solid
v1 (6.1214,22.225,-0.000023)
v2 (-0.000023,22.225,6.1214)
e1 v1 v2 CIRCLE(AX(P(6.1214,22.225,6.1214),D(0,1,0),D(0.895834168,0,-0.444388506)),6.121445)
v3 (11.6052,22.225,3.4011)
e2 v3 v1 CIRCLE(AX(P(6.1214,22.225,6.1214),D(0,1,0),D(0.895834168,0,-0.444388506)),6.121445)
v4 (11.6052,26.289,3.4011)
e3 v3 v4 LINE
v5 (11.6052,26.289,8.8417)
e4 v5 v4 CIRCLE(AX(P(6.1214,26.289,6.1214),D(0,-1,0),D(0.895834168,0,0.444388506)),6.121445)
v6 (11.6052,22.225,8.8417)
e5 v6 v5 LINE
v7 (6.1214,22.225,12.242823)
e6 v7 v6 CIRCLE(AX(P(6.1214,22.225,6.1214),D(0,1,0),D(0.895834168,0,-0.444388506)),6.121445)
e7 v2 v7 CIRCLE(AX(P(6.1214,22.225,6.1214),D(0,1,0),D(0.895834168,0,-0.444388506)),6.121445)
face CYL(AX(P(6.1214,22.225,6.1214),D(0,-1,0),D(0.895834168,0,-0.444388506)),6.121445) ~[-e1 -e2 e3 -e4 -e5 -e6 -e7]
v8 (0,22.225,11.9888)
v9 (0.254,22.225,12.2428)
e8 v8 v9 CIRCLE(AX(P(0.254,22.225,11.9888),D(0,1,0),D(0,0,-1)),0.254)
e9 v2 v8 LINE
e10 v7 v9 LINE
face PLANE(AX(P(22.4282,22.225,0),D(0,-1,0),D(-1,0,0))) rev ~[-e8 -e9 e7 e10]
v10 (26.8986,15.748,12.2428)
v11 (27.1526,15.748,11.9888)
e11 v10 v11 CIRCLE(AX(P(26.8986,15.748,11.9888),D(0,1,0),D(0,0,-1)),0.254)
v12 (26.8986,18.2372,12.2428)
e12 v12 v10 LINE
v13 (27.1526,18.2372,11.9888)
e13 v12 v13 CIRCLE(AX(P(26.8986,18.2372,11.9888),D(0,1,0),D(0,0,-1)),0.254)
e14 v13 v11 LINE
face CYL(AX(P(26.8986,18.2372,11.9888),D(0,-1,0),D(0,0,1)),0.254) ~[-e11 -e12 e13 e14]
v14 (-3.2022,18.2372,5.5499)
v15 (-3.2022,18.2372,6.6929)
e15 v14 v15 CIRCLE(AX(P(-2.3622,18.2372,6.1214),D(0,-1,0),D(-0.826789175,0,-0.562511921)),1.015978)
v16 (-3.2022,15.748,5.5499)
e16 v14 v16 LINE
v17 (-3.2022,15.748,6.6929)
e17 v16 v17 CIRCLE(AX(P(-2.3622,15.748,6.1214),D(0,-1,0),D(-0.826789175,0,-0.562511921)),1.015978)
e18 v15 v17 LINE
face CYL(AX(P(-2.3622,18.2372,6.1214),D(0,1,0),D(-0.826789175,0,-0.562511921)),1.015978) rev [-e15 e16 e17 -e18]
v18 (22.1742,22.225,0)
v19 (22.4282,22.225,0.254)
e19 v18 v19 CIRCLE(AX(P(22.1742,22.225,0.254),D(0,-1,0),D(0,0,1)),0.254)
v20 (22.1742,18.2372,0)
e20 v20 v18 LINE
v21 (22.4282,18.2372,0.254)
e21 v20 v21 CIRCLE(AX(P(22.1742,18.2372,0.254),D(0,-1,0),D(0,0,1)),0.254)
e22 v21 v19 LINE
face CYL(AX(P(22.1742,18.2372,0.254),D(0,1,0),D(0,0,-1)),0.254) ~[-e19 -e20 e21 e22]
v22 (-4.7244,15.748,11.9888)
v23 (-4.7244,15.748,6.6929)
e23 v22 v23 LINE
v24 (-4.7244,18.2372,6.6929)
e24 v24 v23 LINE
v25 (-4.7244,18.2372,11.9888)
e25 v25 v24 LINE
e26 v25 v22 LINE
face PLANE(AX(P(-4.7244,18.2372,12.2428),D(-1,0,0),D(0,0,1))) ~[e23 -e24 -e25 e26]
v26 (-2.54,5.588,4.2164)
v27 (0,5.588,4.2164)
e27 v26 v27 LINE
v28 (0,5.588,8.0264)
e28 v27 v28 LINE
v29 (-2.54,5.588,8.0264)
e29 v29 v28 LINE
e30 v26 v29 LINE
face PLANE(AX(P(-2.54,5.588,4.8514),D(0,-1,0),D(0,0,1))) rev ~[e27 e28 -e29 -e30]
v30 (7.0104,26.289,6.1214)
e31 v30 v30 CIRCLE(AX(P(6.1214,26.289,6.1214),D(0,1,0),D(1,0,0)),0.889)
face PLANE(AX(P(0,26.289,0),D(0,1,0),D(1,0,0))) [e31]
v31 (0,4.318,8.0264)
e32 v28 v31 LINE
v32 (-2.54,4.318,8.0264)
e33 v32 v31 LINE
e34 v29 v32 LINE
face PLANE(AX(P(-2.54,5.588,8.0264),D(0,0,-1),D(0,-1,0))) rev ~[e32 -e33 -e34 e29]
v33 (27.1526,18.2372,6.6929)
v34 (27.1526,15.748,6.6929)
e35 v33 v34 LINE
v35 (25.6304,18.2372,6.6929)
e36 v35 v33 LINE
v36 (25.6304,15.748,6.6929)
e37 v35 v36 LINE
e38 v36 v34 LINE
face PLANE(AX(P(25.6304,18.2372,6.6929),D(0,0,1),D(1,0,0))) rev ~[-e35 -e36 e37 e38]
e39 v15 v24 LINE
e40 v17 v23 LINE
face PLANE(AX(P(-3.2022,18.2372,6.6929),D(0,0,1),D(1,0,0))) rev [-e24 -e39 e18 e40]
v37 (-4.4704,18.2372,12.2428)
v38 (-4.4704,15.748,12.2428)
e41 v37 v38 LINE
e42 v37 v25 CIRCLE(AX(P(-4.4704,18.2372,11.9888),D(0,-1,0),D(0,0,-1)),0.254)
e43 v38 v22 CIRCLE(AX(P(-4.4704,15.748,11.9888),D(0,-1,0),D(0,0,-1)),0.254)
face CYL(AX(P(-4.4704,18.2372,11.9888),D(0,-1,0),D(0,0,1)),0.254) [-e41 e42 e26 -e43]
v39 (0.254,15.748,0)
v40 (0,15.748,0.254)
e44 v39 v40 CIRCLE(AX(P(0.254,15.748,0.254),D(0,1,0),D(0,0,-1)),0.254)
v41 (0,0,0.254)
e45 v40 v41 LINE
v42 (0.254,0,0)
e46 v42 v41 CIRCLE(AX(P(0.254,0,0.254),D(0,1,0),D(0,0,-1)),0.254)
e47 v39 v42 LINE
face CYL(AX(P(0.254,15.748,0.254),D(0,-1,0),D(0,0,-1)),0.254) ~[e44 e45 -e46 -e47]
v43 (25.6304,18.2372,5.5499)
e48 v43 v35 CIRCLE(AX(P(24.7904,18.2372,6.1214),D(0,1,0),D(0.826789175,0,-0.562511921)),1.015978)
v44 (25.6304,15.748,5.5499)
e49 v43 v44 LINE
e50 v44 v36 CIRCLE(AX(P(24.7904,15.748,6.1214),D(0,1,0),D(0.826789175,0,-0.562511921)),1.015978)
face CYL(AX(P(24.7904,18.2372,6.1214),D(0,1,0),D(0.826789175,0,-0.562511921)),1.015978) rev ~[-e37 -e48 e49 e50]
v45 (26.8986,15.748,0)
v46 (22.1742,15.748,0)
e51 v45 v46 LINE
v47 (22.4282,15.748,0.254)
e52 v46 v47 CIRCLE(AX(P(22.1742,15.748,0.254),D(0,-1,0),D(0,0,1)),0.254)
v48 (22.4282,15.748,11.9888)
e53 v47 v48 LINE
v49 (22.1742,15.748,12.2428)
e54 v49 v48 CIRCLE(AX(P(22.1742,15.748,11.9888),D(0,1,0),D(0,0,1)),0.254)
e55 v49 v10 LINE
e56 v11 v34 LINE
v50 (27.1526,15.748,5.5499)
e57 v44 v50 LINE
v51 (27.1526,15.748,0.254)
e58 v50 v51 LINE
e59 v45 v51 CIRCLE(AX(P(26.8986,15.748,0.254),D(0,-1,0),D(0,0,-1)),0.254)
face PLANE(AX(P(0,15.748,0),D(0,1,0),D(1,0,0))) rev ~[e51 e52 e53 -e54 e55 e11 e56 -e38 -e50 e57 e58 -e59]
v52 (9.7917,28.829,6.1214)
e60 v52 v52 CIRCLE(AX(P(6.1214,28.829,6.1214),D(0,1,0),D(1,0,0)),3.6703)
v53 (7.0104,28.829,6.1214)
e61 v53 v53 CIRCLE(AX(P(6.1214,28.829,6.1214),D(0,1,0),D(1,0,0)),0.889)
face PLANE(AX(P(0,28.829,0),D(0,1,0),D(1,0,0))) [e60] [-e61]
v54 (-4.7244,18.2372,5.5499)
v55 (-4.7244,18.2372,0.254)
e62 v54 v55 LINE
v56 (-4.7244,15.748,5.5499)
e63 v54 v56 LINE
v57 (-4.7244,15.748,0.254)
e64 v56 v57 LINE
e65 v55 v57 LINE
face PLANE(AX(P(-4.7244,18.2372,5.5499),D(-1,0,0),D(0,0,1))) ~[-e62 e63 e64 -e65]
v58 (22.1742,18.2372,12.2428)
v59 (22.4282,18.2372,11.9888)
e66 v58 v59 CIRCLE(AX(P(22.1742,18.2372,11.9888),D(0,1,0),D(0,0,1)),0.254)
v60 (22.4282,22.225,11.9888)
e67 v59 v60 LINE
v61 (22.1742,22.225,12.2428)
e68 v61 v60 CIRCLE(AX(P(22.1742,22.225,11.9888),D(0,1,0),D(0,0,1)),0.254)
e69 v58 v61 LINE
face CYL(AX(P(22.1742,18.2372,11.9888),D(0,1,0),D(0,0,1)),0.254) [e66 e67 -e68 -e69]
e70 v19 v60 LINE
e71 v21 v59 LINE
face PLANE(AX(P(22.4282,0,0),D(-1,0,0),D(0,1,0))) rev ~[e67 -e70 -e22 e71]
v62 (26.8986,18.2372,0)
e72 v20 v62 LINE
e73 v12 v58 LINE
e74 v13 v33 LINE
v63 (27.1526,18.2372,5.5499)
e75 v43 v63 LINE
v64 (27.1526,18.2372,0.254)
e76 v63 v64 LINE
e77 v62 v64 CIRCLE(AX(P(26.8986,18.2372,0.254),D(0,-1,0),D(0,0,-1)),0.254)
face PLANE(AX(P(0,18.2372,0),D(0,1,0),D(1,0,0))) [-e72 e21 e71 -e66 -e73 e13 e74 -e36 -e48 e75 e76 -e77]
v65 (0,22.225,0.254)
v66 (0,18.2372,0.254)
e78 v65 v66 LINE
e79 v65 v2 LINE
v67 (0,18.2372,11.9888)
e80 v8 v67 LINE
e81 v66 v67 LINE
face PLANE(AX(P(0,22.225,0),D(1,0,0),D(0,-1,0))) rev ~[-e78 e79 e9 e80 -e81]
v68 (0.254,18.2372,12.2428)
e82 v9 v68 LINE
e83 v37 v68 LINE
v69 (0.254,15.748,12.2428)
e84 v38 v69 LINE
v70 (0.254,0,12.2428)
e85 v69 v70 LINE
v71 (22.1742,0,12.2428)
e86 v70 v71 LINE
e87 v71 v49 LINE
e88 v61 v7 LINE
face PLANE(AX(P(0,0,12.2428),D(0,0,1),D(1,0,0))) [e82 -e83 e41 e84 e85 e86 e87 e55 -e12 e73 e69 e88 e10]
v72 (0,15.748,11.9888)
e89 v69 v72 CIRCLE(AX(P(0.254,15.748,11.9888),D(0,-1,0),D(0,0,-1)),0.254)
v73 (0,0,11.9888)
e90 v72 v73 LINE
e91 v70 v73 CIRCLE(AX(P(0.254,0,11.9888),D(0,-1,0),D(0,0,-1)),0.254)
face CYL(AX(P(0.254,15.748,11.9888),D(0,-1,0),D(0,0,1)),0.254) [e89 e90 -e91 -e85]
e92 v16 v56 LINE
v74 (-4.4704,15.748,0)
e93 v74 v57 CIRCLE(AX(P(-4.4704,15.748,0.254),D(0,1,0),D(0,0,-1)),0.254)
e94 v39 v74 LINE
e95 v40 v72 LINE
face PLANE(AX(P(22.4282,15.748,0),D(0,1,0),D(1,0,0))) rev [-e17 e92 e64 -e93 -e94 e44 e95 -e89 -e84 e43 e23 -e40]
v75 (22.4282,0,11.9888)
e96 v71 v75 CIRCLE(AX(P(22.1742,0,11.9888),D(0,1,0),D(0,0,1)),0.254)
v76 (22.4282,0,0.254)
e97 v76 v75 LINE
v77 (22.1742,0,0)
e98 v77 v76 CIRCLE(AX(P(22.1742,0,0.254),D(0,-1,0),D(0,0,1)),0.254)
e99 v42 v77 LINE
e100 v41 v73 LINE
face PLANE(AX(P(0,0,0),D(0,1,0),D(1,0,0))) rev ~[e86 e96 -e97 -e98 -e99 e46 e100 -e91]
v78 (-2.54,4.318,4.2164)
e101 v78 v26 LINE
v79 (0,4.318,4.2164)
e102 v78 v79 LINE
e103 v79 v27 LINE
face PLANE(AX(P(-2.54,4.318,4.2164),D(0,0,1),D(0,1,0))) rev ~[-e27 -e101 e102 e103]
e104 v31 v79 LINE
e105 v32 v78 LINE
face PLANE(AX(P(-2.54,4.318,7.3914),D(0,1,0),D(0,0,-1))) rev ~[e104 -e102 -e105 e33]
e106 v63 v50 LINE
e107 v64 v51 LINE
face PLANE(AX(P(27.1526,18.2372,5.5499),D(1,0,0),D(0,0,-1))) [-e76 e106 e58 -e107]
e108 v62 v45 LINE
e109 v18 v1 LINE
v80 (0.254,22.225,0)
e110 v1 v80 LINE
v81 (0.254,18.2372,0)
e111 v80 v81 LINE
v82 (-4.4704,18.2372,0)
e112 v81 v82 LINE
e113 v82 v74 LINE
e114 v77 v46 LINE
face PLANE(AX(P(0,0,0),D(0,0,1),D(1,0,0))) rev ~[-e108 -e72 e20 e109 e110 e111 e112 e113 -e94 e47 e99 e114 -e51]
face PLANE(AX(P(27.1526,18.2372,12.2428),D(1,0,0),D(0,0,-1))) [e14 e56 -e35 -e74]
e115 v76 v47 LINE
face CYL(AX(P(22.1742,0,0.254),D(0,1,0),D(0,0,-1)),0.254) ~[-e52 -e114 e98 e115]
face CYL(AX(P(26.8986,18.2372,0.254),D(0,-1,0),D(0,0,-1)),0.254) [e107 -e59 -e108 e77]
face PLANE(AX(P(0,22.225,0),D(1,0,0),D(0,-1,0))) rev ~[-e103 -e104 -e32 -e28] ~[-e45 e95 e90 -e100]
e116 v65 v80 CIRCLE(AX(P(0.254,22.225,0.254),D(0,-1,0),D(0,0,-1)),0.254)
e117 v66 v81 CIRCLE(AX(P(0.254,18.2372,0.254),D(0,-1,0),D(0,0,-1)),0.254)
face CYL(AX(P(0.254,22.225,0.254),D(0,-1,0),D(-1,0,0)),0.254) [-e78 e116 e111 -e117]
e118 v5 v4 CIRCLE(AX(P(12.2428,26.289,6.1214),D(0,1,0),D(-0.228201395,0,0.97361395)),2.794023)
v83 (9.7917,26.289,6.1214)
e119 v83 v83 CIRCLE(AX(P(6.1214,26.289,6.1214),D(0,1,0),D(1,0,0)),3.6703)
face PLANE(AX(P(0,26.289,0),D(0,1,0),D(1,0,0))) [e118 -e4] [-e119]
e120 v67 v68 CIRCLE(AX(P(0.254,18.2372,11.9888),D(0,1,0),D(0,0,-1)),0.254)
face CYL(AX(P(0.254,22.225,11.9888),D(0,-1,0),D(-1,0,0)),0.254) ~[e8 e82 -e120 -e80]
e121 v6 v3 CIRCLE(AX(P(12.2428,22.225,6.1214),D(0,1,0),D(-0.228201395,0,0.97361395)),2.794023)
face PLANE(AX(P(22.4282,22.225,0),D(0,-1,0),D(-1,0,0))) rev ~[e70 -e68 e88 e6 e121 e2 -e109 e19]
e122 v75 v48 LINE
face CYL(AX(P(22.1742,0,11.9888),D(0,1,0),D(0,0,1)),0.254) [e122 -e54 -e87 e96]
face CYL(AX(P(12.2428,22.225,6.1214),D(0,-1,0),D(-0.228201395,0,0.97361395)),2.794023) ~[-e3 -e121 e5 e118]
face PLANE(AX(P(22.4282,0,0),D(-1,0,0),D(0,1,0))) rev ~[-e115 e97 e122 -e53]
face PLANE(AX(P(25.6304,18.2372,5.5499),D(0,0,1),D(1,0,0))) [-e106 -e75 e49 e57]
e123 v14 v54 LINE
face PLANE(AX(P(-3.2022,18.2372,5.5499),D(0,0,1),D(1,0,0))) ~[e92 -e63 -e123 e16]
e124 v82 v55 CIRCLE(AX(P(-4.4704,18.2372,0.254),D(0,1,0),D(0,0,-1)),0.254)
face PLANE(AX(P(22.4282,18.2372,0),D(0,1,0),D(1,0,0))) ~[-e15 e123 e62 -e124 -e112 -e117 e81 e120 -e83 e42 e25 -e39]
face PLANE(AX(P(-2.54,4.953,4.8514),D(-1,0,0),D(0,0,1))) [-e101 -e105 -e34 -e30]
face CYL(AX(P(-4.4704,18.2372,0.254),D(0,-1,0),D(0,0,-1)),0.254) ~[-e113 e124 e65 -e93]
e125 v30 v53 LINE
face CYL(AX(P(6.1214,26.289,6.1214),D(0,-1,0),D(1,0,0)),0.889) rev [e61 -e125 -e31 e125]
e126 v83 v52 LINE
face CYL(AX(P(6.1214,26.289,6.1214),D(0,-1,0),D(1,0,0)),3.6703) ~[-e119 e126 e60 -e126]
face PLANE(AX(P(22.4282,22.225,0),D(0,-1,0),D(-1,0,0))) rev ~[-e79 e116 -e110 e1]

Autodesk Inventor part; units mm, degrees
ref_plane "YZ Plane" through (0, 0, 0) normal (1, 0, 0) x (0, 1, 0)
sketch "Sketch1" plane through (0, 0, 0) normal (0, 0, 1) x (1, 0, 0)
  line L0 (0, 0) -> (22.4282, 0)
  line L1 (22.4282, 0) -> (22.4282, 22.225)
  line L2 (22.4282, 22.225) -> (0, 22.225)
  line L3 (0, 22.225) -> (0, 0)
  dimension "d0" = 22.4282
  dimension "d1" = 22.225
extrude "Extrusion1" add sketch "Sketch1" along normal blind 12.2428
ref_plane "Work Plane1" through (0, 18.2372, 0) normal (0, 1, 0) x (1, 0, 0)
sketch "Sketch2" plane through (0, 18.2372, 0) normal (0, 1, 0) x (1, 0, 0)
  line L0 (22.4282, -12.2428) -> (27.1526, -12.2428)
  line L1 (27.1526, 0) -> (22.4282, 0)
  line L2 (22.4282, 0) -> (22.4282, -12.2428)
  arc A0 (25.6304, -5.5499) -> (25.6304, -6.6929) centre (24.7904, -6.1214) ccw
  line L3 (22.4282, 0) -> (22.4282, -12.2428) projected
  line L4 (25.6304, -6.6929) -> (27.1526, -6.6929)
  line L5 (25.6304, -5.5499) -> (27.1526, -5.5499)
  line L6 (27.1526, -12.2428) -> (27.1526, -6.6929)
  line L7 (27.1526, -5.5499) -> (27.1526, 0)
  point P0 (0, 0)
  point P1 (22.4282, -6.1214)
  point P2 (24.7904, 0)
  point P3 (27.1526, -6.1214)
  dimension "d6" = 2.032
  dimension "d23" = 1.143
  dimension "d24" = 0.5715
  dimension "d25" = 4.7244
extrude "Extrusion2" add sketch "Sketch2" against normal blind 2.4892
ref_plane "Work Plane2" through (11.2141, 0, 12.2428) normal (1, 0, 0) x (0, 0, -1)
mirror "Mirror1" about plane through (11.2141, 0, 12.2428) normal (1, 0, 0) of "Extrusion2"
sketch "Sketch3" plane through (0, 22.225, 0) normal (0, 1, 0) x (1, 0, 0)
  arc A0 (11.6052, -3.4011) -> (11.6052, -8.8417) centre (6.1214, -6.1214) ccw
  line L0 (22.4282, 0) -> (0, 0) projected
  line L1 (0, 0) -> (0, -12.2428) projected
  line L2 (22.4282, -12.2428) -> (0, -12.2428) projected
  arc A1 (11.6052, -8.8417) -> (11.6052, -3.4011) centre (12.2428, -6.1214) ccw
  dimension "d9" = 5.588
extrude "Extrusion3" add sketch "Sketch3" along normal blind 4.064 contours A1 A0
sketch "Sketch4" plane through (0, 26.289, 0) normal (0, 1, 0) x (1, 0, 0)
  arc A0 (6.1214, -12.2428) -> (11.6052, -8.8417) centre (6.1214, -6.1214) ccw projected
  circle A1 centre (6.1214, -6.1214) radius 3.6703
  circle A2 centre (6.1214, -6.1214) radius 0.889
  point P0 (0, 0)
  dimension "d12" = 7.3406
  dimension "d15" = 1.778
extrude "Extrusion4" add sketch "Sketch4" along normal blind 2.54
sketch "Sketch5" plane through (0, 0, 0) normal (-1, 0, 0) x (0, 0, 1)
  circle A0 centre (4.8514, 4.953) radius 0.635
  circle A1 centre (6.1214, 4.953) radius 0.635
  circle A2 centre (7.3914, 4.953) radius 0.635
  line L0 (4.8514, 4.318) -> (7.3914, 4.318) construction
  line L1 (0, 0) -> (12.2428, 0) projected
  point P0 (6.1214, 0)
  point P1 (6.7564, 4.953)
  point P2 (5.4864, 4.953)
  dimension "d17" = 1.27
  dimension "d18" = 1.27
  dimension "d16" = 1.27
  dimension "d19" = 4.318
extrude "Extrusion5" add sketch "Sketch5" along normal blind 2.54
fillet "Fillet1" radius 0.254 12 edges at (22.4282, 7.874, 0) (22.4282, 20.2311, 0) (22.4282, 20.2311, 12.2428) (22.4282, 7.874, 12.2428) (27.1526, 16.9926, 12.2428) (27.1526, 16.9926, 0) (-4.7244, 16.9926, 0) (-4.7244, 16.9926, 12.2428) (0, 7.874, 12.2428) (0, 7.874, 0) (0, 20.2311, 0) (0, 20.2311, 12.2428)
sketch "Sketch6" plane through (-2.54, 4.953, 4.8514) normal (-1, 0, 0) x (0, 0, 1)
  circle A0 centre (0, 0) radius 0.635 projected
  circle A1 centre (2.54, 0) radius 0.635 projected
  line L0 (-0.635, 0.635) -> (3.175, 0.635)
  line L1 (3.175, 0.635) -> (3.175, -0.635)
  line L2 (3.175, -0.635) -> (-0.635, -0.635)
  line L3 (-0.635, -0.635) -> (-0.635, 0.635)
  circle A2 centre (0, 0) radius 0.635 projected
  circle A3 centre (2.54, 0) radius 0.635 projected
  point P0 (-4.8514, -4.953)
  point P1 (0.635, 0)
  point P2 (1.905, 0)
extrude "Extrusion6" add sketch "Sketch6" against normal up to surface (2.54 mm away)
equation "\"d24\" = 0.5 * d23"
equation "\"d17\" = d16"
equation "\"d18\" = d16"
properties part number "Servo"
